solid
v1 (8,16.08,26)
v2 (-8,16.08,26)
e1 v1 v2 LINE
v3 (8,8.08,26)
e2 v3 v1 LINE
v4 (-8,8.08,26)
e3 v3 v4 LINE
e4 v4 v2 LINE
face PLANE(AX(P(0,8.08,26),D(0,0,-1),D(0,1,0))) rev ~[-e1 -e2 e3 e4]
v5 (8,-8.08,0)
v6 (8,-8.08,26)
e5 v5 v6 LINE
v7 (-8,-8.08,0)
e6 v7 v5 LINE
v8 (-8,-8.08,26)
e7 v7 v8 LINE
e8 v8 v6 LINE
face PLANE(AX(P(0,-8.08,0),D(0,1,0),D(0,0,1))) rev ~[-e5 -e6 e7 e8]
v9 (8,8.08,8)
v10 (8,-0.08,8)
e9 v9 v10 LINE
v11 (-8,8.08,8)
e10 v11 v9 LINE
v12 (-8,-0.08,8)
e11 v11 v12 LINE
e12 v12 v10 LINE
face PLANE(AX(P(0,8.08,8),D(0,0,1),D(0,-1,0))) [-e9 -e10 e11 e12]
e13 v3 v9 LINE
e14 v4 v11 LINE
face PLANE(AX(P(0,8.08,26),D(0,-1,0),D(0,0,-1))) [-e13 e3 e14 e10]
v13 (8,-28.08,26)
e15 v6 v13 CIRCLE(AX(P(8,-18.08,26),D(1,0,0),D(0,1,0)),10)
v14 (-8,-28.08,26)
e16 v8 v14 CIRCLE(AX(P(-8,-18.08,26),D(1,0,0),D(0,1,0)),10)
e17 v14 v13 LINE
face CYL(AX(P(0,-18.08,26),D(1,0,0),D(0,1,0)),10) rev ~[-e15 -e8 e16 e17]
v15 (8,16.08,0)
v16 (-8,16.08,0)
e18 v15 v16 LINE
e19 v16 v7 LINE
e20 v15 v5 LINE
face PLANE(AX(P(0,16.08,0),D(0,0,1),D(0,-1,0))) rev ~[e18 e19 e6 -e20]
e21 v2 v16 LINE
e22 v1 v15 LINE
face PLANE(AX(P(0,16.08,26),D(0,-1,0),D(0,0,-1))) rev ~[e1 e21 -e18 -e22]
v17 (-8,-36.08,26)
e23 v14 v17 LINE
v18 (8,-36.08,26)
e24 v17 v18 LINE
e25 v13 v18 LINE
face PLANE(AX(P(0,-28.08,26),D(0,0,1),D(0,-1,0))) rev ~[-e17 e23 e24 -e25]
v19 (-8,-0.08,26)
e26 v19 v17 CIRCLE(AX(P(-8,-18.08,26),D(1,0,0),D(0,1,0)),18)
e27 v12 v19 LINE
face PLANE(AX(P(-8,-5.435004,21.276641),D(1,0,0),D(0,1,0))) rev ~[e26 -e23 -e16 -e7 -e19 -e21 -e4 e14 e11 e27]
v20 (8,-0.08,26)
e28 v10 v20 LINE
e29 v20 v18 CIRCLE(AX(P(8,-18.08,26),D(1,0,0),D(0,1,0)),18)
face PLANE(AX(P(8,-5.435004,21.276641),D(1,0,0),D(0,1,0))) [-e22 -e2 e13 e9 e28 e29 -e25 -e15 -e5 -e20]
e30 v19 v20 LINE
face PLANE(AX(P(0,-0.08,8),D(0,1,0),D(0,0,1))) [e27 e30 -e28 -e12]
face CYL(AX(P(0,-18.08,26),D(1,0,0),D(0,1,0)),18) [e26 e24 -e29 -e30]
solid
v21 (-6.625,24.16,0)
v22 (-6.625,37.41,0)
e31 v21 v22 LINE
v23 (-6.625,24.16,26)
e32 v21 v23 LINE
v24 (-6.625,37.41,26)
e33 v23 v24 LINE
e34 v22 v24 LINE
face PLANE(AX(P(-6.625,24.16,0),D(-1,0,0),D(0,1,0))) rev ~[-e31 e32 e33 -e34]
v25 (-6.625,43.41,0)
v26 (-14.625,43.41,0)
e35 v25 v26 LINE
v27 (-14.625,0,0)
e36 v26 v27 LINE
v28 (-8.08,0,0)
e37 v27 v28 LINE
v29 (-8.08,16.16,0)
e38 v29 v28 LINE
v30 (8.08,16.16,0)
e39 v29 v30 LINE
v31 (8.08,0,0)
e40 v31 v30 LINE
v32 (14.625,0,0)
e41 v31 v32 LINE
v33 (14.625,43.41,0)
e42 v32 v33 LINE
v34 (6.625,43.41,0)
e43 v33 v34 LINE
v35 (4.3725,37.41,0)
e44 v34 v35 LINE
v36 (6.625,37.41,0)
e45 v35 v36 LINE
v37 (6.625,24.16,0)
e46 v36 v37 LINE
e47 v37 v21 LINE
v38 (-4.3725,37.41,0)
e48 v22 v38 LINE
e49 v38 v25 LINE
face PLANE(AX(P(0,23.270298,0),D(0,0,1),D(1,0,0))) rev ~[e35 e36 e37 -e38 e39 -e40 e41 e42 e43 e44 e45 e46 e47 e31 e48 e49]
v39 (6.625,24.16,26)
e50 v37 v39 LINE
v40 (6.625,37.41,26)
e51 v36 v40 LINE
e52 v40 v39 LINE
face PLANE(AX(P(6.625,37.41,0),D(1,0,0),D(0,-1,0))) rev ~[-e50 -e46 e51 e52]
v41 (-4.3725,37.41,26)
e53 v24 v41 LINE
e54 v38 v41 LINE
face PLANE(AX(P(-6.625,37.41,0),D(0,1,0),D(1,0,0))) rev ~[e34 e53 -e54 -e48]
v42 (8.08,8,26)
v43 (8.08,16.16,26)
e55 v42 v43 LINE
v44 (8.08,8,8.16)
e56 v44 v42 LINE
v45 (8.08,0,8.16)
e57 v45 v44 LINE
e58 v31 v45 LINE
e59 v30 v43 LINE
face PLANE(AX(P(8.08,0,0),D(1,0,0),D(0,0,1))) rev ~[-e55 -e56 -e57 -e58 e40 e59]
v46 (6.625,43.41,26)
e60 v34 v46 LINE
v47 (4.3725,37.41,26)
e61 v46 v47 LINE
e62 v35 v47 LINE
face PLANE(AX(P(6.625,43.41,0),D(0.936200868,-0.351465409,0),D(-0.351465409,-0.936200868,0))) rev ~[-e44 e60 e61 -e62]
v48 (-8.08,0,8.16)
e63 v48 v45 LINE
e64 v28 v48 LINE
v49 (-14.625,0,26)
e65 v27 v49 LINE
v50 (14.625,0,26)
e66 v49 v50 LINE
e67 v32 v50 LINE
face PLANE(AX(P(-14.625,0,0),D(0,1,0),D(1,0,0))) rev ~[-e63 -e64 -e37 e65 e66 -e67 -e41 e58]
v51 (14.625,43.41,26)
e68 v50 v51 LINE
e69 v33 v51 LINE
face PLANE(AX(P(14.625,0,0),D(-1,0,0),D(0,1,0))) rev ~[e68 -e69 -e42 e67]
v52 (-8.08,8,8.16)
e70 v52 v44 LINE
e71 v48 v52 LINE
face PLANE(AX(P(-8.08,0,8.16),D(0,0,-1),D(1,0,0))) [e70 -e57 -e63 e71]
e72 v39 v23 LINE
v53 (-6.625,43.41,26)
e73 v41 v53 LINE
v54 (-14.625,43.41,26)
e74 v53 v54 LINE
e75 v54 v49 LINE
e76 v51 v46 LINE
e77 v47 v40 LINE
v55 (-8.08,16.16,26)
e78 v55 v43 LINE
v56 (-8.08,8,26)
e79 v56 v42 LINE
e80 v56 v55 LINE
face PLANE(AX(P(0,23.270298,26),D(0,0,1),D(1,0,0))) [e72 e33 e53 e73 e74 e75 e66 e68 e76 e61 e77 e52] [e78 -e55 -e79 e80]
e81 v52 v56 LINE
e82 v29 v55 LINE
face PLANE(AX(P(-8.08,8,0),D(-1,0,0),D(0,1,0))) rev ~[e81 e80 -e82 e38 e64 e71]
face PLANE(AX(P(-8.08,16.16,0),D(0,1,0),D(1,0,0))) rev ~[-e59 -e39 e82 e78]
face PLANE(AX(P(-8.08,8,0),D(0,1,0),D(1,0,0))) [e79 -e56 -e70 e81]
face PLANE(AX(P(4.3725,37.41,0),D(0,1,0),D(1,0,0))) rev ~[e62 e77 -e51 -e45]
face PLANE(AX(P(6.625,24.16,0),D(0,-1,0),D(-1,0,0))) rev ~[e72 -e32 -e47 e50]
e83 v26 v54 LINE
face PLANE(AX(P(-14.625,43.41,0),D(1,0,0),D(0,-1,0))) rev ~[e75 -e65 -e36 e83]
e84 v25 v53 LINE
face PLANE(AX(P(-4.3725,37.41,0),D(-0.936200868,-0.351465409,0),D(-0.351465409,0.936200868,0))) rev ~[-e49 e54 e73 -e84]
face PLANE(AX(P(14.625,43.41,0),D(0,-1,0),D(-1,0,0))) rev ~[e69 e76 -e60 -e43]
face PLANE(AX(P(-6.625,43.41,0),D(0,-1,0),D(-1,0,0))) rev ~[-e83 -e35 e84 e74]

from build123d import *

# Parameters (mm, degrees)
SKETCH_W     = 16.16
SKETCH_H     = 8.16
PAD_DEPTH    = 26
SKETCH001_W  = 16.16
SKETCH001_H  = 8.16
POCKET_DEPTH = 8
PAD001_DEPTH = 8


with BuildPart() as mainbody:
    # Sketch → Pad (new body)
    with BuildSketch(Plane.XY):
        Polygon((-4.3725, 37.41), (-6.625, 43.41), (-14.625, 43.41), (-14.625, 0), (14.625, 0), (14.625, 43.41), (6.625, 43.41), (4.3725, 37.41), (6.625, 37.41), (6.625, 24.16), (-6.625, 24.16), (-6.625, 37.41), align=None)
        with Locations((0, 12.08)):
            Rectangle(SKETCH_W, SKETCH_H, mode=Mode.SUBTRACT)
    extrude(amount=PAD_DEPTH)

    # Sketch001 (on Face4 of Pad) → Pocket (cut)
    with BuildSketch(Plane.XZ):
        with Locations((0, 4.08)):
            Rectangle(SKETCH001_W, SKETCH001_H)
    extrude(amount=-POCKET_DEPTH, mode=Mode.SUBTRACT)


with BuildPart() as hookbody:
    # Sketch002 → Pad001 (new body, symmetric)
    with BuildSketch(Plane.YZ):
        with BuildLine():
            Line((8.08, 26), (8.08, 8))
            Line((8.08, 8), (-0.08, 8))
            Line((-0.08, 8), (-0.08, 26))
            ThreePointArc((-0.08, 26), (-18.08, 44), (-36.08, 26))
            Line((-28.08, 26), (-36.08, 26))
            ThreePointArc((-8.08, 26), (-18.08, 36), (-28.08, 26))
            Line((-8.08, 0), (-8.08, 26))
            Line((16.08, 0), (-8.08, 0))
            Line((16.08, 26), (16.08, 0))
            Line((8.08, 26), (16.08, 26))
        make_face()
    extrude(amount=PAD001_DEPTH, both=True)


solid = Compound([mainbody.part, hookbody.part])
